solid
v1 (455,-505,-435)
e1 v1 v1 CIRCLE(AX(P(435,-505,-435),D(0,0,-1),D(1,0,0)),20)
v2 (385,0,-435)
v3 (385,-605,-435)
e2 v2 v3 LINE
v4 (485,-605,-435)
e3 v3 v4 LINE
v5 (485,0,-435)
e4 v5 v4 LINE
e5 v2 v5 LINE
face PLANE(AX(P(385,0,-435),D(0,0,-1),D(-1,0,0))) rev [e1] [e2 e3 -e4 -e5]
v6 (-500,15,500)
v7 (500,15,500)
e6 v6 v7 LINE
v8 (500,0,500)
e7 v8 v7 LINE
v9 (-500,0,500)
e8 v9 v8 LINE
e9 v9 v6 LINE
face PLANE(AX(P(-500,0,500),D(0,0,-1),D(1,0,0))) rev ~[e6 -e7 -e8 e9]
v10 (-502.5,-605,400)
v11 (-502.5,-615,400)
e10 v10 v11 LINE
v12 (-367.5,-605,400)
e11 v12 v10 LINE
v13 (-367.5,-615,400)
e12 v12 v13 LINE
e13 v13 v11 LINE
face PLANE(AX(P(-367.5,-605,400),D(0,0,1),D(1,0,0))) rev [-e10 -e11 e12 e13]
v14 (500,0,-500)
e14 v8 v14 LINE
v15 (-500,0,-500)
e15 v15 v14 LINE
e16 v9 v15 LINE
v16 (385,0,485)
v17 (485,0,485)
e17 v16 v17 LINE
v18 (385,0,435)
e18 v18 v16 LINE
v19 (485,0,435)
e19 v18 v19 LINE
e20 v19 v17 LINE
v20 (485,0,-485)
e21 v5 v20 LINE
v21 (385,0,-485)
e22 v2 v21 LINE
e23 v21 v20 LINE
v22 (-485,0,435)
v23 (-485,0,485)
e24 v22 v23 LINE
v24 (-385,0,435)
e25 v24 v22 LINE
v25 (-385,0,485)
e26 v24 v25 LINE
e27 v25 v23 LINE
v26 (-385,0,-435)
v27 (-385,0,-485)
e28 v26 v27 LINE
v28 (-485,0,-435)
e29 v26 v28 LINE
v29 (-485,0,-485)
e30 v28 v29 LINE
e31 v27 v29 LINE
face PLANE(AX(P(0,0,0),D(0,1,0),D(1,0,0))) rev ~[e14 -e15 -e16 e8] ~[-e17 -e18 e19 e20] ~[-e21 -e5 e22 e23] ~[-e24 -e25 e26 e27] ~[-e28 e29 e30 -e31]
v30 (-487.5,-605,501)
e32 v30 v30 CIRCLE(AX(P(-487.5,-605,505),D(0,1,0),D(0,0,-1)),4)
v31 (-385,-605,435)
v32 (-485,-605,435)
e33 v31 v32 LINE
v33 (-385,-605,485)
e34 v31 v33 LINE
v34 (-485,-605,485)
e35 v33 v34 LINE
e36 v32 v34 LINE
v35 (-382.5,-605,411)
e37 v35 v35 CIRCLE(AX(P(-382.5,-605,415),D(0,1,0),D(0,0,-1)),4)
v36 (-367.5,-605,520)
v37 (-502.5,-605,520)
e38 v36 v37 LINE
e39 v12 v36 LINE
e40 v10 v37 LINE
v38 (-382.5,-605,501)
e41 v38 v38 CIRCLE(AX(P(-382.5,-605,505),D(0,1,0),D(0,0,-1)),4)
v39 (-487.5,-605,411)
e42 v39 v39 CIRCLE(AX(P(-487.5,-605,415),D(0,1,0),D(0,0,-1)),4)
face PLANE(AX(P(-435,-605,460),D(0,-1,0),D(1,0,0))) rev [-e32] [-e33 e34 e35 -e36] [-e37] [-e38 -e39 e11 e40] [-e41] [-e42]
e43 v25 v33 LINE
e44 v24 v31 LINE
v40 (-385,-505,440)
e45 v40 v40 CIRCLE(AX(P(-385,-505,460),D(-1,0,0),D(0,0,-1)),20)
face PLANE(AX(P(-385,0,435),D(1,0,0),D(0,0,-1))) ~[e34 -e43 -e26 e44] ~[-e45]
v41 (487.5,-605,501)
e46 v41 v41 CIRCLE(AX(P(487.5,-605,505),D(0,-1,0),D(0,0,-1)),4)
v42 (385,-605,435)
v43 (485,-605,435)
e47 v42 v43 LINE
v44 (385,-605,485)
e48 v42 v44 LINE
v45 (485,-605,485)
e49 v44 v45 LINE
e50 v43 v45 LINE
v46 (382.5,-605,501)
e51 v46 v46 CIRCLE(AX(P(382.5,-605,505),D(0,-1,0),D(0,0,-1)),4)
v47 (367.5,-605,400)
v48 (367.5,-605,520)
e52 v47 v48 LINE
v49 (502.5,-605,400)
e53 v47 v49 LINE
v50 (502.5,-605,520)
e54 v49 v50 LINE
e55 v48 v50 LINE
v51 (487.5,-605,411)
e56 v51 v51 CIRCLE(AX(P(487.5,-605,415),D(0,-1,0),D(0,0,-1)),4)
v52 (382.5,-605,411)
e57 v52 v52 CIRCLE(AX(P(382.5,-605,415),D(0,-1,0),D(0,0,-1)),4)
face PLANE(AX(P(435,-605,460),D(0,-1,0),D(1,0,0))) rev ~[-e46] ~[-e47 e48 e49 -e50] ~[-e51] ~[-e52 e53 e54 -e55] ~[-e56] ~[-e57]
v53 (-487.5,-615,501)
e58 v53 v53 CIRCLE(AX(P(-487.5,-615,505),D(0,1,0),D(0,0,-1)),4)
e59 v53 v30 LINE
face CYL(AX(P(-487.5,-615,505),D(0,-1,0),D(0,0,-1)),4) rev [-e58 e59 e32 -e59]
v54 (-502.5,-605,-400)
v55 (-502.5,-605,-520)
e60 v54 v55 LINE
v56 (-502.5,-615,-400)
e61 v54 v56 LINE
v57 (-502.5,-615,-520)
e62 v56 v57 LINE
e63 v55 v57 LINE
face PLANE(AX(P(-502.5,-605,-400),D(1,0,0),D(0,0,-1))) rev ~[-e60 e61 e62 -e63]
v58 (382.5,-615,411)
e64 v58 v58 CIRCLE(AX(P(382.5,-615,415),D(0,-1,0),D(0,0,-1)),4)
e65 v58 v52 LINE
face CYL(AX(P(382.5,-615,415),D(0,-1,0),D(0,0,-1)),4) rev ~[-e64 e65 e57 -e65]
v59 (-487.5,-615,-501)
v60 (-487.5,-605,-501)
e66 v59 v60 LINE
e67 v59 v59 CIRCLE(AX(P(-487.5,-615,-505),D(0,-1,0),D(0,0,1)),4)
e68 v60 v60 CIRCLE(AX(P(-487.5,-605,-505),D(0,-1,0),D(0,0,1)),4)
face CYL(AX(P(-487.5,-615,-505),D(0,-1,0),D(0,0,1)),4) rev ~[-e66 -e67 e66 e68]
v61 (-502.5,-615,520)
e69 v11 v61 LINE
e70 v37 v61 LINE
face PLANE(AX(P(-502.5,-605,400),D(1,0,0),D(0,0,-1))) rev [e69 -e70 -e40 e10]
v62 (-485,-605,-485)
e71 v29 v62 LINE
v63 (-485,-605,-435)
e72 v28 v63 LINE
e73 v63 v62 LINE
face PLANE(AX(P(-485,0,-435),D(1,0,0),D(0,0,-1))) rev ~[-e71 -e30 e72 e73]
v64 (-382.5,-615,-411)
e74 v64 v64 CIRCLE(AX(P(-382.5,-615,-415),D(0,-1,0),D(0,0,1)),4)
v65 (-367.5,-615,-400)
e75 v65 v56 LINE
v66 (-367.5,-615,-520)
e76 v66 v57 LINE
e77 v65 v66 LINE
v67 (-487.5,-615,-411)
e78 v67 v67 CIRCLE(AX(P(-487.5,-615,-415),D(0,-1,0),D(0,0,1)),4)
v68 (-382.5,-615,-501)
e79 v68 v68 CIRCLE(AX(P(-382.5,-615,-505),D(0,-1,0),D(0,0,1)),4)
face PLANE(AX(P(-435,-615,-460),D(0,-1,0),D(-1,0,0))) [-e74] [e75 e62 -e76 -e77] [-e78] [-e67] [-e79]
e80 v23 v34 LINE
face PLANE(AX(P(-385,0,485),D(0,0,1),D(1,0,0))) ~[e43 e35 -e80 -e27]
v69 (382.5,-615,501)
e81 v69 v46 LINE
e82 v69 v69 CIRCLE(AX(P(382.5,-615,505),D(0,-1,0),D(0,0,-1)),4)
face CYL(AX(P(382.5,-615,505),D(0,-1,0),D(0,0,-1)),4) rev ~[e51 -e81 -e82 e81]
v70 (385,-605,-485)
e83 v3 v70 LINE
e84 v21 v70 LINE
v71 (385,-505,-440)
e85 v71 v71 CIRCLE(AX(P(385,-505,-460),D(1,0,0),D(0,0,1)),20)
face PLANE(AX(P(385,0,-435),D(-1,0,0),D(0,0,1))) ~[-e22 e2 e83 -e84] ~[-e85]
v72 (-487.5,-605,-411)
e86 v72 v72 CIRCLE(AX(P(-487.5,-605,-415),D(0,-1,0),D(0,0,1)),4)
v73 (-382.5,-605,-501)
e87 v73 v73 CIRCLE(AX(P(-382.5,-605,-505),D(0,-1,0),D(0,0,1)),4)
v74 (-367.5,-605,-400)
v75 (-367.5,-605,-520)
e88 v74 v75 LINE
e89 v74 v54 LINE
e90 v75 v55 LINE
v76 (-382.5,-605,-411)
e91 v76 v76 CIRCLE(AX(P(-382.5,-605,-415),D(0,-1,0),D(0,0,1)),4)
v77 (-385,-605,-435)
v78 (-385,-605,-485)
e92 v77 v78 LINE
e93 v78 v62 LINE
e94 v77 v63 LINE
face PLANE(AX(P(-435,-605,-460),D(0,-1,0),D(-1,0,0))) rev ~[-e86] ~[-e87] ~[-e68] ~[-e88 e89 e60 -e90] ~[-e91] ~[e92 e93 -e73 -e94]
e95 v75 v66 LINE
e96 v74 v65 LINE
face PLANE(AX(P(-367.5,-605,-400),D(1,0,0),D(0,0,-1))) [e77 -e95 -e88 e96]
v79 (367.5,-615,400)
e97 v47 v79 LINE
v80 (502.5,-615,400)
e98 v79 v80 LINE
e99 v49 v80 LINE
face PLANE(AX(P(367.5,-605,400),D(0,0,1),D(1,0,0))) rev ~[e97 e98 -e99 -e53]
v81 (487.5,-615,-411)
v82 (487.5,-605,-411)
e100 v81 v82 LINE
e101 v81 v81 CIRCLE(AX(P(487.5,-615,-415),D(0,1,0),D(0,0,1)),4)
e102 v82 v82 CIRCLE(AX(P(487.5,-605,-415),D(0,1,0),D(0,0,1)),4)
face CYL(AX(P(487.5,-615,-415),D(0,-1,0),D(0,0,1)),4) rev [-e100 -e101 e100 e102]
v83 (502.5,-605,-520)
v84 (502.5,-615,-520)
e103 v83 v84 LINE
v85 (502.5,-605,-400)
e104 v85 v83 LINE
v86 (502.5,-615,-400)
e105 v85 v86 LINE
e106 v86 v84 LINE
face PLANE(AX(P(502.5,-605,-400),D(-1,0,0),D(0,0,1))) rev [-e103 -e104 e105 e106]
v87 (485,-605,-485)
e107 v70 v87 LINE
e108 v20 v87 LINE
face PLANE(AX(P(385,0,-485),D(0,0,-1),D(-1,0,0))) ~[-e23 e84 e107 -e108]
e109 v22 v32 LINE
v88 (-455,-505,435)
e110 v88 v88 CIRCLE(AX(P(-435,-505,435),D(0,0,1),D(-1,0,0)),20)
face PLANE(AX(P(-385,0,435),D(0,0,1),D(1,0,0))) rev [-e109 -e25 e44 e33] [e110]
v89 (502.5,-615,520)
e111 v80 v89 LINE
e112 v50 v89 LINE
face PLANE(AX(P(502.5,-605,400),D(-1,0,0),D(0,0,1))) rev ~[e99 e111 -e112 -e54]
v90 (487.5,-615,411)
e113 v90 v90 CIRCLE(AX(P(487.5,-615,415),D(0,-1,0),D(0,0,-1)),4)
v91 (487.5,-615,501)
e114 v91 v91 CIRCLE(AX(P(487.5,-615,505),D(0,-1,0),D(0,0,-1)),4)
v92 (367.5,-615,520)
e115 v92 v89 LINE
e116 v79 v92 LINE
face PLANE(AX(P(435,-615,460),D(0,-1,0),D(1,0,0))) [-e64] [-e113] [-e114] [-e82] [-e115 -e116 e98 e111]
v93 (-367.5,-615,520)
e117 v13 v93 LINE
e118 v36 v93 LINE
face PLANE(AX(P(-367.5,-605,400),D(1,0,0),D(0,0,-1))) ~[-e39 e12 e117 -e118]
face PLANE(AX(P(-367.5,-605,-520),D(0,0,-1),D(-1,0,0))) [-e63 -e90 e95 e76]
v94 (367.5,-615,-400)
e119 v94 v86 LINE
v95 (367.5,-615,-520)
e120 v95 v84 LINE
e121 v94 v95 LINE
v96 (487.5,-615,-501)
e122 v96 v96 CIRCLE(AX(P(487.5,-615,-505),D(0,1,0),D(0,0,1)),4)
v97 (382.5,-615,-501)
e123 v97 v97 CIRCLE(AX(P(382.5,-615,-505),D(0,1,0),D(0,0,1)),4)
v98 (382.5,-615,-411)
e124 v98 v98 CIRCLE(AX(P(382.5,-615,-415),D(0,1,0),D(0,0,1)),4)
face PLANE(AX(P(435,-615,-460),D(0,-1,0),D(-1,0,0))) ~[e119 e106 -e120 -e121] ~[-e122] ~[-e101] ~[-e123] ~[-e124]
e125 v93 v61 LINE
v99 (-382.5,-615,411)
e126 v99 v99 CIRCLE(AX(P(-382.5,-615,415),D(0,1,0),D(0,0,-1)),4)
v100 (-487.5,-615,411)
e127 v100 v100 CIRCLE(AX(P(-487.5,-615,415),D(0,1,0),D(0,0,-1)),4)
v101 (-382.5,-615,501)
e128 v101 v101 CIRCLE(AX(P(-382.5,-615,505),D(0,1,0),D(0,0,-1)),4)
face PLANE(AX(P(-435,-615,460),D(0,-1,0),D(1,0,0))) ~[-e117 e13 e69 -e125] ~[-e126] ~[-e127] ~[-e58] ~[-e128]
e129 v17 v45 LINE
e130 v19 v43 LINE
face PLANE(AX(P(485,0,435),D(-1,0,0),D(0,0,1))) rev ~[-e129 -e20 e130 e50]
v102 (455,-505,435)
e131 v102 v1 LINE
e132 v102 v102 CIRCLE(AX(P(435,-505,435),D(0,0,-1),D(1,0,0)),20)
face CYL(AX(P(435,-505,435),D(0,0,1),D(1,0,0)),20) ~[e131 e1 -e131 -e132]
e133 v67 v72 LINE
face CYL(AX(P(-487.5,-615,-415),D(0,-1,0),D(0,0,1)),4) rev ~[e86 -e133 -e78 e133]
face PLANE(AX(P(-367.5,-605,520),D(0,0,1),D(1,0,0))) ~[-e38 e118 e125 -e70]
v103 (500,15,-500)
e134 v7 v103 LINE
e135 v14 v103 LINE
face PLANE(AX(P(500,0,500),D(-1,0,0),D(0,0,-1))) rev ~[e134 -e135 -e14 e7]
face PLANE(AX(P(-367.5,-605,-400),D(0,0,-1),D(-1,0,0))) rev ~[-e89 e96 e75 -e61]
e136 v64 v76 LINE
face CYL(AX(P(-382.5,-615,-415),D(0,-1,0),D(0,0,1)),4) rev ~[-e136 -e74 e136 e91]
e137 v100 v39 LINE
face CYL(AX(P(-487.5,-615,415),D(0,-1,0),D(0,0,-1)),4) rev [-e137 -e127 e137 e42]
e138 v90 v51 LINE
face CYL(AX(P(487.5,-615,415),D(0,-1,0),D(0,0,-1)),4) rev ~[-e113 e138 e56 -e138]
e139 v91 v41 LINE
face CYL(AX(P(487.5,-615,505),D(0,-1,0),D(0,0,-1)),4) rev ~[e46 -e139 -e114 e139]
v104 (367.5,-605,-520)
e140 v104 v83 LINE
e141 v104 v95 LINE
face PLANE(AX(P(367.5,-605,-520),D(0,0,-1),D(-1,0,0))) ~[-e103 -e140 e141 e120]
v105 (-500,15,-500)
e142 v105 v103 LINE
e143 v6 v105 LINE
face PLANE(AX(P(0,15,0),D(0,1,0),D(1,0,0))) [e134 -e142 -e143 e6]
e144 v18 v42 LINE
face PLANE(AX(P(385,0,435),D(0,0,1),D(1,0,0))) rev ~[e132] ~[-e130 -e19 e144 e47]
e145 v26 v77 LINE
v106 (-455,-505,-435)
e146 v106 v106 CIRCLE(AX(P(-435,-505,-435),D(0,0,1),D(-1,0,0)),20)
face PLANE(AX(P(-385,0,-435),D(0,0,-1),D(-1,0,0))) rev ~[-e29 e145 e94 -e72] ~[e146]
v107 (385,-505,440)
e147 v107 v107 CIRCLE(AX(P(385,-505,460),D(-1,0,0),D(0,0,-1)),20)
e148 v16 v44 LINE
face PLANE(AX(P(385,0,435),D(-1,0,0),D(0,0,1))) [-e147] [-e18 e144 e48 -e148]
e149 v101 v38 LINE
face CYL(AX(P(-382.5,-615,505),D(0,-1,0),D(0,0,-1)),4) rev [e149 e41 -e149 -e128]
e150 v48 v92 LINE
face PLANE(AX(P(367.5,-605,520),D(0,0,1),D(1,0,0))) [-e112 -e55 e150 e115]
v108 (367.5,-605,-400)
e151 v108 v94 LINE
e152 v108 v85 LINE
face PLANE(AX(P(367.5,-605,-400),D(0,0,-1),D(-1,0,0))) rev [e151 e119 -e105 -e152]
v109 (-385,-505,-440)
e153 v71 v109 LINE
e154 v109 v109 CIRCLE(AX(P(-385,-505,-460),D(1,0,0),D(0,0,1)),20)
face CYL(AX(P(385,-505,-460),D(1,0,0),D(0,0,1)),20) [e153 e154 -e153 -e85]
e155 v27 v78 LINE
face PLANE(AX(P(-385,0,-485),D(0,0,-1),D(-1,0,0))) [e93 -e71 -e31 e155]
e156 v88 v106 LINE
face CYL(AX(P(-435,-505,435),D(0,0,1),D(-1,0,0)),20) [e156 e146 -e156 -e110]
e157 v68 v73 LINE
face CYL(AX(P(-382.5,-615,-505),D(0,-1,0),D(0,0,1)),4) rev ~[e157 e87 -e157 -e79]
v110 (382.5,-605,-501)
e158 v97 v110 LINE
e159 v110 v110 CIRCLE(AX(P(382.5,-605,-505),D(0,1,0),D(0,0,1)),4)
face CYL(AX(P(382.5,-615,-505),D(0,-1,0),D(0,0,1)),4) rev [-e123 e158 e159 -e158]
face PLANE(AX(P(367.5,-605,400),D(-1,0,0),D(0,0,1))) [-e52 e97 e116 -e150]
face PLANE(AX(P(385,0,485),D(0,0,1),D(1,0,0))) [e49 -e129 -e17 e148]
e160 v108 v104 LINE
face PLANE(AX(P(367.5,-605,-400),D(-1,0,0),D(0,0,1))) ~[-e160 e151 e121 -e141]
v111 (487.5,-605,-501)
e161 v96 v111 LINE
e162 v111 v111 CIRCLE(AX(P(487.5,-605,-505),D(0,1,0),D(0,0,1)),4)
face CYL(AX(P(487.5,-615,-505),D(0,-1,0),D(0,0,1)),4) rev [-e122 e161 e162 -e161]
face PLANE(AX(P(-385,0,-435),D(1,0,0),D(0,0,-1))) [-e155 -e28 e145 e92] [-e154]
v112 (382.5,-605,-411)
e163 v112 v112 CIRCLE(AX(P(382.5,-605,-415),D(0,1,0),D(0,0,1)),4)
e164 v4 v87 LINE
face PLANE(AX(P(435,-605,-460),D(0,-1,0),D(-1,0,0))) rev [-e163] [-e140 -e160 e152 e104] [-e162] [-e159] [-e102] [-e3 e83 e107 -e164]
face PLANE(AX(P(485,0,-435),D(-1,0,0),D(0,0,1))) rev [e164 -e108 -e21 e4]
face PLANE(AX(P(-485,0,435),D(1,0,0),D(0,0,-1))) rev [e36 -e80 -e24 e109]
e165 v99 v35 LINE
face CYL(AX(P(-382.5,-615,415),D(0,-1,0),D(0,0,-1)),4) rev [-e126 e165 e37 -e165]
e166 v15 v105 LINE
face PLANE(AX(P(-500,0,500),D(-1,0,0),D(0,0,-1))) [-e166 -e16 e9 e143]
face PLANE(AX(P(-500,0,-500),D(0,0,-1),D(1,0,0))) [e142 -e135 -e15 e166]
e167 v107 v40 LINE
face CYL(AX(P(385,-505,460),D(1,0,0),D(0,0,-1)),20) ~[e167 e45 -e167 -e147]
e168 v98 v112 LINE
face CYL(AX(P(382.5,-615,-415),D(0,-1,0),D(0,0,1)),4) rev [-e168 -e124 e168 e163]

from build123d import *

# Parameters (mm, degrees)
SKETCH1_W               = 1000
SKETCH1_H               = 1000
BOSS_EXTRUDE1_DEPTH     = 15
SKETCH2_W               = 100
SKETCH2_H               = 50
BOSS_EXTRUDE2_DEPTH     = 605
SKETCH3_W               = 135
SKETCH3_H               = 120
BOSS_EXTRUDE3_DEPTH     = 10
SKETCH5_R               = 4
CUT_EXTRUDE1_DEPTH      = 10
MIRROR2_COPY_1_SKETCH_W = 100
MIRROR2_COPY_1_SKETCH_H = 50
MIRROR2_COPY_1_DEPTH    = 605
MIRROR2_COPY_2_SKETCH_W = 135
MIRROR2_COPY_2_SKETCH_H = 120
MIRROR2_COPY_2_DEPTH    = 10
MIRROR2_COPY_3_SKETCH_R = 4
MIRROR2_COPY_3_DEPTH    = 10
SKETCH6_R               = 20
BOSS_EXTRUDE4_DEPTH     = 870
SKETCH7_R               = 20
BOSS_EXTRUDE5_DEPTH     = 770


with BuildPart() as part:
    # Sketch1 → Boss-Extrude1 (new body)
    with BuildSketch(Plane(origin=(0, 0, 0), x_dir=(1, 0, 0), z_dir=(0, 1, 0))):
        Rectangle(SKETCH1_W, SKETCH1_H)
    extrude(amount=BOSS_EXTRUDE1_DEPTH)

    # Sketch2 → Boss-Extrude2 (add)
    with BuildSketch(Plane.XZ):
        with Locations((435, 460)):
            Rectangle(SKETCH2_W, SKETCH2_H)
    boss_extrude2 = extrude(amount=BOSS_EXTRUDE2_DEPTH)

    # Sketch3 → Boss-Extrude3 (add)
    with BuildSketch(Plane.XZ.offset(605)):
        with Locations((435, 460)):
            Rectangle(SKETCH3_W, SKETCH3_H)
    boss_extrude3 = extrude(amount=BOSS_EXTRUDE3_DEPTH)

    # Sketch5 → Cut-Extrude1 (cut)
    with BuildSketch(Plane.XZ.offset(615)):
        with Locations(Location((382.5, 505, 0), (0, 0, 270))):
            Circle(SKETCH5_R)
        with Locations(Location((382.5, 415, 0), (0, 0, 270))):
            Circle(SKETCH5_R)
        with Locations(Location((487.5, 415, 0), (0, 0, 270))):
            Circle(SKETCH5_R)
        with Locations(Location((487.5, 505, 0), (0, 0, 270))):
            Circle(SKETCH5_R)
    cut_extrude1 = extrude(amount=-CUT_EXTRUDE1_DEPTH, mode=Mode.SUBTRACT)

    # Mirror1: Boss-Extrude2, Boss-Extrude3, Cut-Extrude1 across plane
    add(boss_extrude2.mirror(Plane.XY))
    add(boss_extrude3.mirror(Plane.XY))
    add(cut_extrude1.mirror(Plane.XY), mode=Mode.SUBTRACT)

    # Mirror2: Boss-Extrude2, Boss-Extrude3, Cut-Extrude1 across plane
    add(boss_extrude2.mirror(Plane(origin=(0, 0, 0), x_dir=(0, 0, 1), z_dir=(1, 0, 0))))
    add(boss_extrude3.mirror(Plane(origin=(0, 0, 0), x_dir=(0, 0, 1), z_dir=(1, 0, 0))))
    add(cut_extrude1.mirror(Plane(origin=(0, 0, 0), x_dir=(0, 0, 1), z_dir=(1, 0, 0))), mode=Mode.SUBTRACT)

    # Mirror2 copy 1 sketch → Mirror2 copy 1 (add)
    with BuildSketch(Plane(origin=(0, 0, 0), x_dir=(-1, 0, 0), z_dir=(0, -1, 0))):
        with Locations((435, 460)):
            Rectangle(MIRROR2_COPY_1_SKETCH_W, MIRROR2_COPY_1_SKETCH_H)
    extrude(amount=MIRROR2_COPY_1_DEPTH)

    # Mirror2 copy 2 sketch → Mirror2 copy 2 (add)
    with BuildSketch(Plane(origin=(0, -605, 0), x_dir=(-1, 0, 0), z_dir=(0, -1, 0))):
        with Locations((435, 460)):
            Rectangle(MIRROR2_COPY_2_SKETCH_W, MIRROR2_COPY_2_SKETCH_H)
    extrude(amount=MIRROR2_COPY_2_DEPTH)

    # Mirror2 copy 3 sketch → Mirror2 copy 3 (cut)
    with BuildSketch(Plane(origin=(0, -615, 0), x_dir=(-1, 0, 0), z_dir=(0, -1, 0))):
        with Locations(Location((382.5, 505, 0), (0, 0, 270))):
            Circle(MIRROR2_COPY_3_SKETCH_R)
        with Locations(Location((382.5, 415, 0), (0, 0, 270))):
            Circle(MIRROR2_COPY_3_SKETCH_R)
        with Locations(Location((487.5, 415, 0), (0, 0, 270))):
            Circle(MIRROR2_COPY_3_SKETCH_R)
        with Locations(Location((487.5, 505, 0), (0, 0, 270))):
            Circle(MIRROR2_COPY_3_SKETCH_R)
    extrude(amount=-MIRROR2_COPY_3_DEPTH, mode=Mode.SUBTRACT)

    # Sketch6 → Boss-Extrude4 (add)
    with BuildSketch(Plane(origin=(0, 0, 435), x_dir=(-1, 0, 0), z_dir=(0, 0, -1))):
        with Locations(Location((-435, -505, 0), (0, 0, 180))):
            Circle(SKETCH6_R)
    boss_extrude4 = extrude(amount=BOSS_EXTRUDE4_DEPTH)

    # Sketch7 → Boss-Extrude5 (add)
    with BuildSketch(Plane.ZY.offset(-385)):
        with Locations(Location((460, -505, 0), (0, 0, 180))):
            Circle(SKETCH7_R)
    boss_extrude5 = extrude(amount=BOSS_EXTRUDE5_DEPTH)

    # Mirror3: Boss-Extrude5 across plane
    add(boss_extrude5.mirror(Plane.XY))

    # Mirror4: Boss-Extrude4 across plane
    add(boss_extrude4.mirror(Plane(origin=(0, 0, 0), x_dir=(0, 0, 1), z_dir=(1, 0, 0))))


solid = part.part
